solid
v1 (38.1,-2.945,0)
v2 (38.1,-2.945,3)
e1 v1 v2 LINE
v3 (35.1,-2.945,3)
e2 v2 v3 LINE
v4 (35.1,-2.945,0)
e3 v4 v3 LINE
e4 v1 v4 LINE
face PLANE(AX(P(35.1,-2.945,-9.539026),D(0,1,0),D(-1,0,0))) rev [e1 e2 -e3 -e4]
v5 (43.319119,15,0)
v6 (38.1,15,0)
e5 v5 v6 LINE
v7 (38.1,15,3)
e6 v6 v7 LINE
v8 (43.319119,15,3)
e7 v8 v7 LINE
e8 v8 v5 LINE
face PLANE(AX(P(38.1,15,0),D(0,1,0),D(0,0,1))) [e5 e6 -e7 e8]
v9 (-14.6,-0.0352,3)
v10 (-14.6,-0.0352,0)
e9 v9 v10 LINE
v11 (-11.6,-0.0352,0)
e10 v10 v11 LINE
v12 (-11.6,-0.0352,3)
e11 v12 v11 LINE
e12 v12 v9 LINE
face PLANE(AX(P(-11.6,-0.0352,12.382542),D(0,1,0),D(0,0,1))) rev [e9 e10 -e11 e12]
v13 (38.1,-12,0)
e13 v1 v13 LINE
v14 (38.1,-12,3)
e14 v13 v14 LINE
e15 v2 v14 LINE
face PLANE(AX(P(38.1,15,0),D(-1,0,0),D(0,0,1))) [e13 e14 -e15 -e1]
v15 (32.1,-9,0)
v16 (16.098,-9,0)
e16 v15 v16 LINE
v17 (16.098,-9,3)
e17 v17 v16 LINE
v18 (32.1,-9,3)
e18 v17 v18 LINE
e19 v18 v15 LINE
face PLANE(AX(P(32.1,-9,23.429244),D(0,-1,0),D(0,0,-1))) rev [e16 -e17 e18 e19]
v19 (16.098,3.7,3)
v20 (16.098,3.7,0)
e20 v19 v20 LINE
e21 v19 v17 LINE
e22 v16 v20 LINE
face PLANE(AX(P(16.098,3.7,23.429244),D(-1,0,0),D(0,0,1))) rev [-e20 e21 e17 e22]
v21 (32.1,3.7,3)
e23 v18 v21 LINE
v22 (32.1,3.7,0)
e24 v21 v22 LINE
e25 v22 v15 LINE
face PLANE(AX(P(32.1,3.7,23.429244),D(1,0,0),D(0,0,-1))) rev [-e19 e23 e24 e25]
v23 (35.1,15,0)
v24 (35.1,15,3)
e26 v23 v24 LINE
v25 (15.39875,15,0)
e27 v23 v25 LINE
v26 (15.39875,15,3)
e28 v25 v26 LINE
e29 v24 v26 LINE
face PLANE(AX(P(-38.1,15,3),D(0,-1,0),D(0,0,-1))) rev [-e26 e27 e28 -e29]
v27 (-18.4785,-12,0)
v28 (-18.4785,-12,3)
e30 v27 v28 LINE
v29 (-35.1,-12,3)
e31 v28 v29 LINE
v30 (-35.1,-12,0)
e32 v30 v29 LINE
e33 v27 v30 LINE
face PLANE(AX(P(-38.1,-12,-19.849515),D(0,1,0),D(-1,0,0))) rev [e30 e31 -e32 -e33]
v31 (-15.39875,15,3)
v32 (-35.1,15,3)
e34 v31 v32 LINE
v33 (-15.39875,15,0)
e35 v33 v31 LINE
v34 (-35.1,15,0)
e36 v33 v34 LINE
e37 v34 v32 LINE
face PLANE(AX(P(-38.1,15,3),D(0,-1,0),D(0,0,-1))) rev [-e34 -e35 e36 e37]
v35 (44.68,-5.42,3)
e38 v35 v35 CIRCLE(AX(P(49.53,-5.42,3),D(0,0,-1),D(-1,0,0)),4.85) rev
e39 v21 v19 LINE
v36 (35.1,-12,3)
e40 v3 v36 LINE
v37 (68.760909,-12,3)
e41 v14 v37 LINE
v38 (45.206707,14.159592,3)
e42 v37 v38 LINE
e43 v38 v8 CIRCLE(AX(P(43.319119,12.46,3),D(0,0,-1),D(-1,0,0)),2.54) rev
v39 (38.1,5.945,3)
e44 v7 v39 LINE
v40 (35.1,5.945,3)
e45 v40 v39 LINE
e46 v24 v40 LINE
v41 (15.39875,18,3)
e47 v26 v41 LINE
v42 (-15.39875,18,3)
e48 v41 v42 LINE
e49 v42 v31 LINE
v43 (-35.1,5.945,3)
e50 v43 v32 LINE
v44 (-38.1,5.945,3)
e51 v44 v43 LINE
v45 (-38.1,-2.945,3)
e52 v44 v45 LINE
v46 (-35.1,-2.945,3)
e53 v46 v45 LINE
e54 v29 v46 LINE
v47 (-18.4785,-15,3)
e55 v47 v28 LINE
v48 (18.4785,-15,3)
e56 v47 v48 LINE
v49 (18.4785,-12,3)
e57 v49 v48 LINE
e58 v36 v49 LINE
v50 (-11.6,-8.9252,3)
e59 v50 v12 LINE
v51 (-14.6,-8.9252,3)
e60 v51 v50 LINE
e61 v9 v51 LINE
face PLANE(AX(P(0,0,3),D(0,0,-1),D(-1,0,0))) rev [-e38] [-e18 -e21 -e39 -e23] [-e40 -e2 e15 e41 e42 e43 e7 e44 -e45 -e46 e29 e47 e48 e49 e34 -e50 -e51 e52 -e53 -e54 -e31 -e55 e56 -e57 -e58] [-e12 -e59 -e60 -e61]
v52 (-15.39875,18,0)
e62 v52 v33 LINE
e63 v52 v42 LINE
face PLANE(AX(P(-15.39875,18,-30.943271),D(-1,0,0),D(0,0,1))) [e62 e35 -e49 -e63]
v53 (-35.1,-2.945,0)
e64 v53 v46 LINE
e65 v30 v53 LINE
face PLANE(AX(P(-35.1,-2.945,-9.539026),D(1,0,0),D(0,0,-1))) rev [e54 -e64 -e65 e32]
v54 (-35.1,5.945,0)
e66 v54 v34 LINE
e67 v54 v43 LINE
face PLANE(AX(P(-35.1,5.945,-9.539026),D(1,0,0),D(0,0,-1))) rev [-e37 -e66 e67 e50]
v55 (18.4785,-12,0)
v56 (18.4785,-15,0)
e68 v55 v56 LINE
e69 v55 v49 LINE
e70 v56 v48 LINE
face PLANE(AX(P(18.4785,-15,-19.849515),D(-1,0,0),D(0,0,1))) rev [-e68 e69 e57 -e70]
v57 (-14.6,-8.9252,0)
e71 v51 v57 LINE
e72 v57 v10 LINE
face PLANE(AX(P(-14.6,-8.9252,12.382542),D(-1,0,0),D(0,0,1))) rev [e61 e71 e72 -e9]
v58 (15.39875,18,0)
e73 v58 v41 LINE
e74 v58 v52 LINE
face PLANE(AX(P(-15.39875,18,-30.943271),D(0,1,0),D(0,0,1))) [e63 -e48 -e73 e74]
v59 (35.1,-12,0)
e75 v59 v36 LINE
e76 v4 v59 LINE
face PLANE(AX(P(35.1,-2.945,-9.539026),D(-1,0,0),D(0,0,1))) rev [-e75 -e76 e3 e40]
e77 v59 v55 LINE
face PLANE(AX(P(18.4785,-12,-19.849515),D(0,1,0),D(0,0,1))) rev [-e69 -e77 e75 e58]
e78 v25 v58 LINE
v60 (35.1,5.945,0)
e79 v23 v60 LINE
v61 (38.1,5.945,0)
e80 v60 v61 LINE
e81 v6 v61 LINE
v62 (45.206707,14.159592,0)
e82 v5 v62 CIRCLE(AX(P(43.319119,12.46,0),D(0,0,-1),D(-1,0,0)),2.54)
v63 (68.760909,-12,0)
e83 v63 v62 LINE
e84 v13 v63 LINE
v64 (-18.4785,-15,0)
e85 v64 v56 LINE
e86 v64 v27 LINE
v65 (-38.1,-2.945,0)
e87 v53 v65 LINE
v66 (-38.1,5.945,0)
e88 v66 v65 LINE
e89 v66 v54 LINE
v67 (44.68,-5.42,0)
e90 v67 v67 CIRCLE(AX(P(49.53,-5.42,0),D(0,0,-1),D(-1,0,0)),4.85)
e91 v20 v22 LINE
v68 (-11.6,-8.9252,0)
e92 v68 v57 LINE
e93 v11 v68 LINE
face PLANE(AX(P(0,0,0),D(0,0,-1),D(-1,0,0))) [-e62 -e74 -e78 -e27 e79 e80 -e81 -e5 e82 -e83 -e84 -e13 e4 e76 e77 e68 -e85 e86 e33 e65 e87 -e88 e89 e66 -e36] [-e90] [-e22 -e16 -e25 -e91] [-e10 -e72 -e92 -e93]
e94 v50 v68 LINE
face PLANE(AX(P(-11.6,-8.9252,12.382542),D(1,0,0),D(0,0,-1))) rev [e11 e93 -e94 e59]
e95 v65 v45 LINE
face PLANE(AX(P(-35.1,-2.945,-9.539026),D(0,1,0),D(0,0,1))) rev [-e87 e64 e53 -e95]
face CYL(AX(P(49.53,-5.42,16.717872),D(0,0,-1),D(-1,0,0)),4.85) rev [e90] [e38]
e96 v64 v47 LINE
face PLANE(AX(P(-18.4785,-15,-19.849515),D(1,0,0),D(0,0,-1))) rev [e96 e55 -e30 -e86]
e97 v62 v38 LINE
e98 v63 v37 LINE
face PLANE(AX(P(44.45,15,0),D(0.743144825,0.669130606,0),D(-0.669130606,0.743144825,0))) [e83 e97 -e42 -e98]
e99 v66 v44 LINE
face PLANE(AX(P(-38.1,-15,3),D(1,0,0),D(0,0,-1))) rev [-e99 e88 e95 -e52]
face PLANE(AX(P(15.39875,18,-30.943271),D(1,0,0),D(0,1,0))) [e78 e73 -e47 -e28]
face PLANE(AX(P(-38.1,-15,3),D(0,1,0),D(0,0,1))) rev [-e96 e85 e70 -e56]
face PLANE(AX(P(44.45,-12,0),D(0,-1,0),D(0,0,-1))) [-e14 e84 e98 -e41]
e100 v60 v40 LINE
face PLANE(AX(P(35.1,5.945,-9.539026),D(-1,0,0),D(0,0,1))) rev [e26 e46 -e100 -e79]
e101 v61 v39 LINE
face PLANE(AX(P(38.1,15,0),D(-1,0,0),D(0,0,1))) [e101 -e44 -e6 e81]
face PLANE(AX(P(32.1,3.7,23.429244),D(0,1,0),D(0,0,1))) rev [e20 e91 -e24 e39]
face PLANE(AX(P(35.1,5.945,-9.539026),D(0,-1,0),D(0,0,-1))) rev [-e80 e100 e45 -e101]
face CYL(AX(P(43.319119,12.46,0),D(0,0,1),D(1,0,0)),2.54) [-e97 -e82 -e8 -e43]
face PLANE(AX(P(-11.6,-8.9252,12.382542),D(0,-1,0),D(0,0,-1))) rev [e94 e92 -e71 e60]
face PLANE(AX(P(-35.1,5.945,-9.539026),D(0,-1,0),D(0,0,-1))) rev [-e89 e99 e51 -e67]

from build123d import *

# Parameters (mm, degrees)
SKETCH_1_W          = 76.2
SKETCH_1_H          = 30
EXTRUDE_1_DEPTH     = 3
SKETCH_2_W          = 19.6215
SKETCH_2_H          = 3
CUT_EXTRUDE_1_DEPTH = 3
SKETCH_3_W          = 3
SKETCH_3_H          = 9.055
CUT_EXTRUDE_2_DEPTH = 3
EXTRUDE_2_DEPTH     = 3
SKETCH_6_W          = 30.7975
SKETCH_6_H          = 3
EXTRUDE_3_DEPTH     = 3
SKETCH_7_W          = 16.002
SKETCH_7_H          = 12.7
CUT_EXTRUDE_3_DEPTH = 3
SKETCH_8_R          = 4.85
CUT_EXTRUDE_4_DEPTH = 3
FILLET_1_R          = 2.54
SKETCH_9_W          = 3
SKETCH_9_H          = 8.89
CUT_EXTRUDE_5_DEPTH = 3


with BuildPart() as part:
    # 스케치1 → 보스-돌출1 (new body)
    with BuildSketch(Plane.XY):
        Rectangle(SKETCH_1_W, SKETCH_1_H)
    extrude(amount=EXTRUDE_1_DEPTH)

    # 스케치2 → 컷-돌출1 (cut)
    with BuildSketch(Plane.XY.offset(3)):
        with Locations((-28.28925, -13.5)):
            Rectangle(SKETCH_2_W, SKETCH_2_H)
        with Locations((28.28925, -13.5)):
            Rectangle(SKETCH_2_W, SKETCH_2_H)
    extrude(amount=-CUT_EXTRUDE_1_DEPTH, mode=Mode.SUBTRACT)

    # 스케치3 → 컷-돌출2 (cut)
    with BuildSketch(Plane.XY.offset(3)):
        with Locations((-36.6, 10.4725)):
            Rectangle(SKETCH_3_W, SKETCH_3_H)
        with Locations((-36.6, -7.4725)):
            Rectangle(SKETCH_3_W, SKETCH_3_H)
        with Locations((36.6, 10.4725)):
            Rectangle(SKETCH_3_W, SKETCH_3_H)
        with Locations((36.6, -7.4725)):
            Rectangle(SKETCH_3_W, SKETCH_3_H)
    extrude(amount=-CUT_EXTRUDE_2_DEPTH, mode=Mode.SUBTRACT)

    # 스케치5 → 보스-돌출2 (add)
    with BuildSketch(Plane.XY.offset(3)):
        Polygon((44.45, -12), (68.760909196, -12), (44.45, 15), (38.1, 15), (38.1, -12), align=None)
    extrude(amount=-EXTRUDE_2_DEPTH)

    # 스케치6 → 보스-돌출3 (add)
    with BuildSketch(Plane.XY.offset(3)):
        with Locations((0, 16.5)):
            Rectangle(SKETCH_6_W, SKETCH_6_H)
    extrude(amount=-EXTRUDE_3_DEPTH)

    # 스케치7 → 컷-돌출3 (cut)
    with BuildSketch(Plane(origin=(0, 0, 0), x_dir=(-1, 0, 0), z_dir=(0, 0, -1))):
        with Locations((-24.099, -2.65)):
            Rectangle(SKETCH_7_W, SKETCH_7_H)
    extrude(amount=-CUT_EXTRUDE_3_DEPTH, mode=Mode.SUBTRACT)

    # 스케치8 → 컷-돌출4 (cut)
    with BuildSketch(Plane(origin=(0, 0, 0), x_dir=(-1, 0, 0), z_dir=(0, 0, -1))):
        with Locations((-49.53, -5.42)):
            Circle(SKETCH_8_R)
    extrude(amount=-CUT_EXTRUDE_4_DEPTH, mode=Mode.SUBTRACT)

    # 필렛1
    fillet_1_edges = [part.edges().sort_by_distance(p)[0] for p in [
        (44.45, 15, 1.5),
    ]]
    fillet(fillet_1_edges, radius=FILLET_1_R)

    # 스케치9 → 컷-돌출5 (cut)
    with BuildSketch(Plane(origin=(0, 0, 0), x_dir=(-1, 0, 0), z_dir=(0, 0, -1))):
        with Locations((13.1, -4.4802)):
            Rectangle(SKETCH_9_W, SKETCH_9_H)
    extrude(amount=-CUT_EXTRUDE_5_DEPTH, mode=Mode.SUBTRACT)


solid = part.part
